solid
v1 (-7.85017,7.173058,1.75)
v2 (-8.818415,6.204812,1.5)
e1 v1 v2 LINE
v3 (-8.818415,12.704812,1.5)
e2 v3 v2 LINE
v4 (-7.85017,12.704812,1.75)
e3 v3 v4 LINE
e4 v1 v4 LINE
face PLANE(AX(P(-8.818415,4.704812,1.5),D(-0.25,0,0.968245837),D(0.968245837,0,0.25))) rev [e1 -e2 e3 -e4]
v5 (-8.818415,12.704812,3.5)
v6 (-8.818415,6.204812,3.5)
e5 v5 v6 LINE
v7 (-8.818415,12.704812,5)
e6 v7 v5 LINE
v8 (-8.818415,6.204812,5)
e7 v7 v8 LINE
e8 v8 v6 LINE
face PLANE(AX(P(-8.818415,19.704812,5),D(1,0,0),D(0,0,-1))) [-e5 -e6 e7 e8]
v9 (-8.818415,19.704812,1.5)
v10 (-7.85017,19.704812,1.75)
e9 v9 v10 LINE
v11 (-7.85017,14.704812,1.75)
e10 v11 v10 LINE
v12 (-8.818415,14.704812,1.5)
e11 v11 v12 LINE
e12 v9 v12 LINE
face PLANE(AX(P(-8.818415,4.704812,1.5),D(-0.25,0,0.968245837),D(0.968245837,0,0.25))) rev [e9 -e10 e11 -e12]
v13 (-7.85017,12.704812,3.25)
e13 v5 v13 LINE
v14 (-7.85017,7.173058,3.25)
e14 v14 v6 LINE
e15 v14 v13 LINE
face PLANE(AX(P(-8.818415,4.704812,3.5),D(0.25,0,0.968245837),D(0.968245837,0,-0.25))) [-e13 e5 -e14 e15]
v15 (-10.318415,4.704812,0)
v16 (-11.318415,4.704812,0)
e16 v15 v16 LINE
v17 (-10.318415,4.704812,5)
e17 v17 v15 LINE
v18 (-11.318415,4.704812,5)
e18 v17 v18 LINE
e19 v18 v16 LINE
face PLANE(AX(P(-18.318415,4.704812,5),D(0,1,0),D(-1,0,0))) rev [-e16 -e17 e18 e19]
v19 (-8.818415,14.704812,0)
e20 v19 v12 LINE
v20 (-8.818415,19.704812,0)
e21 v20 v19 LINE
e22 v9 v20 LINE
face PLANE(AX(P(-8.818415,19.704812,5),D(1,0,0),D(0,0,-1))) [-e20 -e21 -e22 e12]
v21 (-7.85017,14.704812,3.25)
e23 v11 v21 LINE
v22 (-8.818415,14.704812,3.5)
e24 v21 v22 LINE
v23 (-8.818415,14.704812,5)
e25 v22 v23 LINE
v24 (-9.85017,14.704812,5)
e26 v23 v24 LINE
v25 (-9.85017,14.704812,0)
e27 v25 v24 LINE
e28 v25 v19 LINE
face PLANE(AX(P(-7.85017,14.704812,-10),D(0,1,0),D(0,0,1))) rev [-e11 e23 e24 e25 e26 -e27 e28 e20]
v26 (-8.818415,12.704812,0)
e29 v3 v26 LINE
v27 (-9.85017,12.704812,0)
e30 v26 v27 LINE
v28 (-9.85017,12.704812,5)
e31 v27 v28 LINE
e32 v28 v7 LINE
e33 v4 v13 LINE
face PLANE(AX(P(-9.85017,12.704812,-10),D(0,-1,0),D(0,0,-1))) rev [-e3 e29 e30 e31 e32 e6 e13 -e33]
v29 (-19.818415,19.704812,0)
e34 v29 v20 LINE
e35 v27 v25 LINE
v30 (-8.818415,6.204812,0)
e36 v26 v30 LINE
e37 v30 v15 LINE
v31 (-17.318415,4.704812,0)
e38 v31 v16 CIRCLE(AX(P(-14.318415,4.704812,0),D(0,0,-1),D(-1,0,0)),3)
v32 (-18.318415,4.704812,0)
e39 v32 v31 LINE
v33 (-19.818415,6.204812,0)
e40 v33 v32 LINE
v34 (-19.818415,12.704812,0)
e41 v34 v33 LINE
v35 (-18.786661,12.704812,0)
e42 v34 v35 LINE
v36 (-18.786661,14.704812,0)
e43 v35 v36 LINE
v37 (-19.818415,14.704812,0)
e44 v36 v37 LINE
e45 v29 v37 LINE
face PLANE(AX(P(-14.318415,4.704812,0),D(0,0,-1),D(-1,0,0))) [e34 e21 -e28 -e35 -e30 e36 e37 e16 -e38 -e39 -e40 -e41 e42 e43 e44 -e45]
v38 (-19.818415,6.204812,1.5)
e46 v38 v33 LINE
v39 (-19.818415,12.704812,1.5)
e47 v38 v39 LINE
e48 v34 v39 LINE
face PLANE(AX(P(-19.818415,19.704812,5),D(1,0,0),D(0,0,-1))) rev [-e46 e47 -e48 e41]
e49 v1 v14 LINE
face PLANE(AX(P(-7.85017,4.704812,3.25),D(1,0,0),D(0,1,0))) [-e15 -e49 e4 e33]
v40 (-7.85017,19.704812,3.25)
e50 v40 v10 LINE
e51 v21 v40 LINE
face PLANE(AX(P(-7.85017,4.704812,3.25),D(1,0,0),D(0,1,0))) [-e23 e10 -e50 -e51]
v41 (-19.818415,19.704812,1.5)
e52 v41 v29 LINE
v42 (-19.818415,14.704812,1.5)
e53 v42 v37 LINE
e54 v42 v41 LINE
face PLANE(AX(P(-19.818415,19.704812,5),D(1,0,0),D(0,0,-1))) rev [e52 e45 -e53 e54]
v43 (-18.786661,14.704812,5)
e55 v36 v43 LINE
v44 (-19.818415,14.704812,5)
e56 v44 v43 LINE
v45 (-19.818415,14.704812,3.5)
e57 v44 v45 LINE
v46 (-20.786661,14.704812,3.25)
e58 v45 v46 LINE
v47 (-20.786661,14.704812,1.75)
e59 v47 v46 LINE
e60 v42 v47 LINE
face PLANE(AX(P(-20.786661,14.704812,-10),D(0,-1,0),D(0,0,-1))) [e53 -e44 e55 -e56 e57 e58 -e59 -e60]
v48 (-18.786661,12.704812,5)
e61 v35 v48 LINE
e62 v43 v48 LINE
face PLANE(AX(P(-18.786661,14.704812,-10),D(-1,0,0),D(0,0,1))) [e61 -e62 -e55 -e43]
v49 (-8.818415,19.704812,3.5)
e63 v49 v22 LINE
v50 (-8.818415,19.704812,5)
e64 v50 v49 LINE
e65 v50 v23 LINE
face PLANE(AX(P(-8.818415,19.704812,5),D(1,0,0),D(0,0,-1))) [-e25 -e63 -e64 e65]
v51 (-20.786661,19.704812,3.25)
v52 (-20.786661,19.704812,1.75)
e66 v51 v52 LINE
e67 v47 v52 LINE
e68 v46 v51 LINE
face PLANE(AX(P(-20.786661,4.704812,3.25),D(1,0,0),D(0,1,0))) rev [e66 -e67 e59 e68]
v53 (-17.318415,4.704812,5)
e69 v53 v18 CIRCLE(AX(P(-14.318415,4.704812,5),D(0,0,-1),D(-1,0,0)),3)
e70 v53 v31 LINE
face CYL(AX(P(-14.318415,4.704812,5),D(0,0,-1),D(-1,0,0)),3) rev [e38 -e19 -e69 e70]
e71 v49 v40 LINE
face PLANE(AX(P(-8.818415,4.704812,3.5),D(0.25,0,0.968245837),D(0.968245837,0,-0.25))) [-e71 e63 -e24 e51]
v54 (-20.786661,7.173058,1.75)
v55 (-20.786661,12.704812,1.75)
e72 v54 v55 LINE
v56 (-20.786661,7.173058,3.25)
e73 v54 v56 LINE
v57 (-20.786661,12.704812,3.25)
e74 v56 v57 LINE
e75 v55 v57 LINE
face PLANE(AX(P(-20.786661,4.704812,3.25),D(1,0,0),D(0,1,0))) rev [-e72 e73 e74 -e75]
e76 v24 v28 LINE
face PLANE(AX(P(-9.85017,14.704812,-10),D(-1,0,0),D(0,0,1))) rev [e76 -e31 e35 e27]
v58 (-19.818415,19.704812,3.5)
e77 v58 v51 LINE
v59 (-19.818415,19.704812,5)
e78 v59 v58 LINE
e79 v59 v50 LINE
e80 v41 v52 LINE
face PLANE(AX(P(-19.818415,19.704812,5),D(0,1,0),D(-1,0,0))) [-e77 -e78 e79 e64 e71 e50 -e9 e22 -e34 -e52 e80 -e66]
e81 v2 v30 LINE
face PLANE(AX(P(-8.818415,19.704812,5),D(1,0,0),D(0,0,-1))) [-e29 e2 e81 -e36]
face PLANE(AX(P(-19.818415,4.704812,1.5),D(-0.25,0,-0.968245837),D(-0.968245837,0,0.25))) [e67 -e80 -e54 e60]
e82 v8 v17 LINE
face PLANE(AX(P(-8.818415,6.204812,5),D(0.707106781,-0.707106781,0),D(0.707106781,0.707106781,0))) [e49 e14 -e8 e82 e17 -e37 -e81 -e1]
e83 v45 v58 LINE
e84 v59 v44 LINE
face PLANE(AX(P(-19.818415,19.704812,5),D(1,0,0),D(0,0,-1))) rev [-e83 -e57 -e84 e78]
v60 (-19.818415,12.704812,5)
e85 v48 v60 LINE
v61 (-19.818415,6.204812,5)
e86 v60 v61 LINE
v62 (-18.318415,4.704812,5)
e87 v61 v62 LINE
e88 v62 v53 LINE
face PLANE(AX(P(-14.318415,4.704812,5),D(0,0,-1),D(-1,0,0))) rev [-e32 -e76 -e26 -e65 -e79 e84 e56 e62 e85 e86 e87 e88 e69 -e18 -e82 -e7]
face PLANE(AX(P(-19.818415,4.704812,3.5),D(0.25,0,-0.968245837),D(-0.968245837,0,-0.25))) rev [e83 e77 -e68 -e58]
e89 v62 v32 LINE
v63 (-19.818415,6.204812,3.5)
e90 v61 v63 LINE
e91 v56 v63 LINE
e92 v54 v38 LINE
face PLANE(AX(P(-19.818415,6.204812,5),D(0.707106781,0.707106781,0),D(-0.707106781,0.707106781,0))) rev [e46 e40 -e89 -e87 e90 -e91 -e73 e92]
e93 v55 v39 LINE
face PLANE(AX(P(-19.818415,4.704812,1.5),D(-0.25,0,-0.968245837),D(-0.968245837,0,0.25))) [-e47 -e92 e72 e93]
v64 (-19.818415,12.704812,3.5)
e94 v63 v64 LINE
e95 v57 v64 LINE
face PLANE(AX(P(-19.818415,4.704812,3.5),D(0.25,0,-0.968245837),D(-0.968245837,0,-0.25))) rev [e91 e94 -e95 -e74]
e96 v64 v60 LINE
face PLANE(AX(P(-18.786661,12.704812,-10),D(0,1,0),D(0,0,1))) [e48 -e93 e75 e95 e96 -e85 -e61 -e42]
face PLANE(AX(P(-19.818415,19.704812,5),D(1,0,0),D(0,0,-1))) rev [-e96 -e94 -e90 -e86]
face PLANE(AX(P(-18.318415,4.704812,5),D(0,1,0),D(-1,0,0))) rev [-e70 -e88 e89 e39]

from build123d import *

# Parameters (mm, degrees)
BOSS_EXTRUDE1_DEPTH = 5
BOSS_EXTRUDE2_DEPTH = 15
CUT_EXTRUDE1_DEPTH  = 15
SKETCH4_W           = 2
SKETCH4_H           = 2
CUT_EXTRUDE2_DEPTH  = 15


with BuildPart() as part:
    # Sketch1 → Boss-Extrude1 (new body)
    with BuildSketch(Plane.XY):
        with BuildLine():
            Line((-19.818415432, 19.704812021), (-8.818415432, 19.704812021))
            Line((-8.818415432, 19.704812021), (-8.818415432, 6.204812021))
            Line((-8.818415432, 6.204812021), (-10.318415432, 4.704812021))
            Line((-10.318415432, 4.704812021), (-11.318415432, 4.704812021))
            ThreePointArc((-11.318415432, 4.704812021), (-14.318415432, 7.704812021), (-17.318415432, 4.704812021))
            Line((-17.318415432, 4.704812021), (-18.318415432, 4.704812021))
            Line((-18.318415432, 4.704812021), (-19.818415432, 6.204812021))
            Line((-19.818415432, 6.204812021), (-19.818415432, 19.704812021))
        make_face()
    extrude(amount=BOSS_EXTRUDE1_DEPTH)

    # Sketch2 → Boss-Extrude2 (add)
    with BuildSketch(Plane(origin=(0, 19.704812021, 0), x_dir=(1, 0, 0), z_dir=(0, 1, 0))):
        Polygon((-19.818415432, -1.5), (-8.818415432, -1.5), (-7.850169596, -1.75), (-7.850169596, -3.25), (-8.818415432, -3.5), (-19.818415432, -3.5), (-20.786661269, -3.25), (-20.786661269, -1.75), align=None)
    extrude(amount=-BOSS_EXTRUDE2_DEPTH)

    # Sketch3 → Cut-Extrude1 (cut)
    with BuildSketch(Plane.XY.offset(5)):
        with BuildLine():
            Line((-18.318415432, 4.704812021), (-20.786661269, 7.173057858))
            Line((-20.786661269, 7.173057858), (-20.786661269, 3.709596772))
            Line((-20.786661269, 3.709596772), (-7.850169596, 3.709596772))
            Line((-7.850169596, 3.709596772), (-7.850169596, 7.173057858))
            Line((-7.850169596, 7.173057858), (-10.318415432, 4.704812021))
            Line((-10.318415432, 4.704812021), (-11.318415432, 4.704812021))
            ThreePointArc((-11.318415432, 4.704812021), (-14.318415432, 7.704812021), (-17.318415432, 4.704812021))
            Line((-17.318415432, 4.704812021), (-18.318415432, 4.704812021))
        make_face()
    extrude(amount=-CUT_EXTRUDE1_DEPTH, mode=Mode.SUBTRACT)

    # Sketch4 → Cut-Extrude2 (cut)
    with BuildSketch(Plane.XY.offset(5)):
        with Locations((-19.786661269, 13.704812021)):
            Rectangle(SKETCH4_W, SKETCH4_H)
    cut_extrude2 = extrude(amount=-CUT_EXTRUDE2_DEPTH, mode=Mode.SUBTRACT)

    # Mirror1: Cut-Extrude2 across plane
    add(cut_extrude2.mirror(Plane(origin=(-14.318415432, 0, 0), x_dir=(0, 0, 1), z_dir=(1, 0, 0))), mode=Mode.SUBTRACT)


solid = part.part
